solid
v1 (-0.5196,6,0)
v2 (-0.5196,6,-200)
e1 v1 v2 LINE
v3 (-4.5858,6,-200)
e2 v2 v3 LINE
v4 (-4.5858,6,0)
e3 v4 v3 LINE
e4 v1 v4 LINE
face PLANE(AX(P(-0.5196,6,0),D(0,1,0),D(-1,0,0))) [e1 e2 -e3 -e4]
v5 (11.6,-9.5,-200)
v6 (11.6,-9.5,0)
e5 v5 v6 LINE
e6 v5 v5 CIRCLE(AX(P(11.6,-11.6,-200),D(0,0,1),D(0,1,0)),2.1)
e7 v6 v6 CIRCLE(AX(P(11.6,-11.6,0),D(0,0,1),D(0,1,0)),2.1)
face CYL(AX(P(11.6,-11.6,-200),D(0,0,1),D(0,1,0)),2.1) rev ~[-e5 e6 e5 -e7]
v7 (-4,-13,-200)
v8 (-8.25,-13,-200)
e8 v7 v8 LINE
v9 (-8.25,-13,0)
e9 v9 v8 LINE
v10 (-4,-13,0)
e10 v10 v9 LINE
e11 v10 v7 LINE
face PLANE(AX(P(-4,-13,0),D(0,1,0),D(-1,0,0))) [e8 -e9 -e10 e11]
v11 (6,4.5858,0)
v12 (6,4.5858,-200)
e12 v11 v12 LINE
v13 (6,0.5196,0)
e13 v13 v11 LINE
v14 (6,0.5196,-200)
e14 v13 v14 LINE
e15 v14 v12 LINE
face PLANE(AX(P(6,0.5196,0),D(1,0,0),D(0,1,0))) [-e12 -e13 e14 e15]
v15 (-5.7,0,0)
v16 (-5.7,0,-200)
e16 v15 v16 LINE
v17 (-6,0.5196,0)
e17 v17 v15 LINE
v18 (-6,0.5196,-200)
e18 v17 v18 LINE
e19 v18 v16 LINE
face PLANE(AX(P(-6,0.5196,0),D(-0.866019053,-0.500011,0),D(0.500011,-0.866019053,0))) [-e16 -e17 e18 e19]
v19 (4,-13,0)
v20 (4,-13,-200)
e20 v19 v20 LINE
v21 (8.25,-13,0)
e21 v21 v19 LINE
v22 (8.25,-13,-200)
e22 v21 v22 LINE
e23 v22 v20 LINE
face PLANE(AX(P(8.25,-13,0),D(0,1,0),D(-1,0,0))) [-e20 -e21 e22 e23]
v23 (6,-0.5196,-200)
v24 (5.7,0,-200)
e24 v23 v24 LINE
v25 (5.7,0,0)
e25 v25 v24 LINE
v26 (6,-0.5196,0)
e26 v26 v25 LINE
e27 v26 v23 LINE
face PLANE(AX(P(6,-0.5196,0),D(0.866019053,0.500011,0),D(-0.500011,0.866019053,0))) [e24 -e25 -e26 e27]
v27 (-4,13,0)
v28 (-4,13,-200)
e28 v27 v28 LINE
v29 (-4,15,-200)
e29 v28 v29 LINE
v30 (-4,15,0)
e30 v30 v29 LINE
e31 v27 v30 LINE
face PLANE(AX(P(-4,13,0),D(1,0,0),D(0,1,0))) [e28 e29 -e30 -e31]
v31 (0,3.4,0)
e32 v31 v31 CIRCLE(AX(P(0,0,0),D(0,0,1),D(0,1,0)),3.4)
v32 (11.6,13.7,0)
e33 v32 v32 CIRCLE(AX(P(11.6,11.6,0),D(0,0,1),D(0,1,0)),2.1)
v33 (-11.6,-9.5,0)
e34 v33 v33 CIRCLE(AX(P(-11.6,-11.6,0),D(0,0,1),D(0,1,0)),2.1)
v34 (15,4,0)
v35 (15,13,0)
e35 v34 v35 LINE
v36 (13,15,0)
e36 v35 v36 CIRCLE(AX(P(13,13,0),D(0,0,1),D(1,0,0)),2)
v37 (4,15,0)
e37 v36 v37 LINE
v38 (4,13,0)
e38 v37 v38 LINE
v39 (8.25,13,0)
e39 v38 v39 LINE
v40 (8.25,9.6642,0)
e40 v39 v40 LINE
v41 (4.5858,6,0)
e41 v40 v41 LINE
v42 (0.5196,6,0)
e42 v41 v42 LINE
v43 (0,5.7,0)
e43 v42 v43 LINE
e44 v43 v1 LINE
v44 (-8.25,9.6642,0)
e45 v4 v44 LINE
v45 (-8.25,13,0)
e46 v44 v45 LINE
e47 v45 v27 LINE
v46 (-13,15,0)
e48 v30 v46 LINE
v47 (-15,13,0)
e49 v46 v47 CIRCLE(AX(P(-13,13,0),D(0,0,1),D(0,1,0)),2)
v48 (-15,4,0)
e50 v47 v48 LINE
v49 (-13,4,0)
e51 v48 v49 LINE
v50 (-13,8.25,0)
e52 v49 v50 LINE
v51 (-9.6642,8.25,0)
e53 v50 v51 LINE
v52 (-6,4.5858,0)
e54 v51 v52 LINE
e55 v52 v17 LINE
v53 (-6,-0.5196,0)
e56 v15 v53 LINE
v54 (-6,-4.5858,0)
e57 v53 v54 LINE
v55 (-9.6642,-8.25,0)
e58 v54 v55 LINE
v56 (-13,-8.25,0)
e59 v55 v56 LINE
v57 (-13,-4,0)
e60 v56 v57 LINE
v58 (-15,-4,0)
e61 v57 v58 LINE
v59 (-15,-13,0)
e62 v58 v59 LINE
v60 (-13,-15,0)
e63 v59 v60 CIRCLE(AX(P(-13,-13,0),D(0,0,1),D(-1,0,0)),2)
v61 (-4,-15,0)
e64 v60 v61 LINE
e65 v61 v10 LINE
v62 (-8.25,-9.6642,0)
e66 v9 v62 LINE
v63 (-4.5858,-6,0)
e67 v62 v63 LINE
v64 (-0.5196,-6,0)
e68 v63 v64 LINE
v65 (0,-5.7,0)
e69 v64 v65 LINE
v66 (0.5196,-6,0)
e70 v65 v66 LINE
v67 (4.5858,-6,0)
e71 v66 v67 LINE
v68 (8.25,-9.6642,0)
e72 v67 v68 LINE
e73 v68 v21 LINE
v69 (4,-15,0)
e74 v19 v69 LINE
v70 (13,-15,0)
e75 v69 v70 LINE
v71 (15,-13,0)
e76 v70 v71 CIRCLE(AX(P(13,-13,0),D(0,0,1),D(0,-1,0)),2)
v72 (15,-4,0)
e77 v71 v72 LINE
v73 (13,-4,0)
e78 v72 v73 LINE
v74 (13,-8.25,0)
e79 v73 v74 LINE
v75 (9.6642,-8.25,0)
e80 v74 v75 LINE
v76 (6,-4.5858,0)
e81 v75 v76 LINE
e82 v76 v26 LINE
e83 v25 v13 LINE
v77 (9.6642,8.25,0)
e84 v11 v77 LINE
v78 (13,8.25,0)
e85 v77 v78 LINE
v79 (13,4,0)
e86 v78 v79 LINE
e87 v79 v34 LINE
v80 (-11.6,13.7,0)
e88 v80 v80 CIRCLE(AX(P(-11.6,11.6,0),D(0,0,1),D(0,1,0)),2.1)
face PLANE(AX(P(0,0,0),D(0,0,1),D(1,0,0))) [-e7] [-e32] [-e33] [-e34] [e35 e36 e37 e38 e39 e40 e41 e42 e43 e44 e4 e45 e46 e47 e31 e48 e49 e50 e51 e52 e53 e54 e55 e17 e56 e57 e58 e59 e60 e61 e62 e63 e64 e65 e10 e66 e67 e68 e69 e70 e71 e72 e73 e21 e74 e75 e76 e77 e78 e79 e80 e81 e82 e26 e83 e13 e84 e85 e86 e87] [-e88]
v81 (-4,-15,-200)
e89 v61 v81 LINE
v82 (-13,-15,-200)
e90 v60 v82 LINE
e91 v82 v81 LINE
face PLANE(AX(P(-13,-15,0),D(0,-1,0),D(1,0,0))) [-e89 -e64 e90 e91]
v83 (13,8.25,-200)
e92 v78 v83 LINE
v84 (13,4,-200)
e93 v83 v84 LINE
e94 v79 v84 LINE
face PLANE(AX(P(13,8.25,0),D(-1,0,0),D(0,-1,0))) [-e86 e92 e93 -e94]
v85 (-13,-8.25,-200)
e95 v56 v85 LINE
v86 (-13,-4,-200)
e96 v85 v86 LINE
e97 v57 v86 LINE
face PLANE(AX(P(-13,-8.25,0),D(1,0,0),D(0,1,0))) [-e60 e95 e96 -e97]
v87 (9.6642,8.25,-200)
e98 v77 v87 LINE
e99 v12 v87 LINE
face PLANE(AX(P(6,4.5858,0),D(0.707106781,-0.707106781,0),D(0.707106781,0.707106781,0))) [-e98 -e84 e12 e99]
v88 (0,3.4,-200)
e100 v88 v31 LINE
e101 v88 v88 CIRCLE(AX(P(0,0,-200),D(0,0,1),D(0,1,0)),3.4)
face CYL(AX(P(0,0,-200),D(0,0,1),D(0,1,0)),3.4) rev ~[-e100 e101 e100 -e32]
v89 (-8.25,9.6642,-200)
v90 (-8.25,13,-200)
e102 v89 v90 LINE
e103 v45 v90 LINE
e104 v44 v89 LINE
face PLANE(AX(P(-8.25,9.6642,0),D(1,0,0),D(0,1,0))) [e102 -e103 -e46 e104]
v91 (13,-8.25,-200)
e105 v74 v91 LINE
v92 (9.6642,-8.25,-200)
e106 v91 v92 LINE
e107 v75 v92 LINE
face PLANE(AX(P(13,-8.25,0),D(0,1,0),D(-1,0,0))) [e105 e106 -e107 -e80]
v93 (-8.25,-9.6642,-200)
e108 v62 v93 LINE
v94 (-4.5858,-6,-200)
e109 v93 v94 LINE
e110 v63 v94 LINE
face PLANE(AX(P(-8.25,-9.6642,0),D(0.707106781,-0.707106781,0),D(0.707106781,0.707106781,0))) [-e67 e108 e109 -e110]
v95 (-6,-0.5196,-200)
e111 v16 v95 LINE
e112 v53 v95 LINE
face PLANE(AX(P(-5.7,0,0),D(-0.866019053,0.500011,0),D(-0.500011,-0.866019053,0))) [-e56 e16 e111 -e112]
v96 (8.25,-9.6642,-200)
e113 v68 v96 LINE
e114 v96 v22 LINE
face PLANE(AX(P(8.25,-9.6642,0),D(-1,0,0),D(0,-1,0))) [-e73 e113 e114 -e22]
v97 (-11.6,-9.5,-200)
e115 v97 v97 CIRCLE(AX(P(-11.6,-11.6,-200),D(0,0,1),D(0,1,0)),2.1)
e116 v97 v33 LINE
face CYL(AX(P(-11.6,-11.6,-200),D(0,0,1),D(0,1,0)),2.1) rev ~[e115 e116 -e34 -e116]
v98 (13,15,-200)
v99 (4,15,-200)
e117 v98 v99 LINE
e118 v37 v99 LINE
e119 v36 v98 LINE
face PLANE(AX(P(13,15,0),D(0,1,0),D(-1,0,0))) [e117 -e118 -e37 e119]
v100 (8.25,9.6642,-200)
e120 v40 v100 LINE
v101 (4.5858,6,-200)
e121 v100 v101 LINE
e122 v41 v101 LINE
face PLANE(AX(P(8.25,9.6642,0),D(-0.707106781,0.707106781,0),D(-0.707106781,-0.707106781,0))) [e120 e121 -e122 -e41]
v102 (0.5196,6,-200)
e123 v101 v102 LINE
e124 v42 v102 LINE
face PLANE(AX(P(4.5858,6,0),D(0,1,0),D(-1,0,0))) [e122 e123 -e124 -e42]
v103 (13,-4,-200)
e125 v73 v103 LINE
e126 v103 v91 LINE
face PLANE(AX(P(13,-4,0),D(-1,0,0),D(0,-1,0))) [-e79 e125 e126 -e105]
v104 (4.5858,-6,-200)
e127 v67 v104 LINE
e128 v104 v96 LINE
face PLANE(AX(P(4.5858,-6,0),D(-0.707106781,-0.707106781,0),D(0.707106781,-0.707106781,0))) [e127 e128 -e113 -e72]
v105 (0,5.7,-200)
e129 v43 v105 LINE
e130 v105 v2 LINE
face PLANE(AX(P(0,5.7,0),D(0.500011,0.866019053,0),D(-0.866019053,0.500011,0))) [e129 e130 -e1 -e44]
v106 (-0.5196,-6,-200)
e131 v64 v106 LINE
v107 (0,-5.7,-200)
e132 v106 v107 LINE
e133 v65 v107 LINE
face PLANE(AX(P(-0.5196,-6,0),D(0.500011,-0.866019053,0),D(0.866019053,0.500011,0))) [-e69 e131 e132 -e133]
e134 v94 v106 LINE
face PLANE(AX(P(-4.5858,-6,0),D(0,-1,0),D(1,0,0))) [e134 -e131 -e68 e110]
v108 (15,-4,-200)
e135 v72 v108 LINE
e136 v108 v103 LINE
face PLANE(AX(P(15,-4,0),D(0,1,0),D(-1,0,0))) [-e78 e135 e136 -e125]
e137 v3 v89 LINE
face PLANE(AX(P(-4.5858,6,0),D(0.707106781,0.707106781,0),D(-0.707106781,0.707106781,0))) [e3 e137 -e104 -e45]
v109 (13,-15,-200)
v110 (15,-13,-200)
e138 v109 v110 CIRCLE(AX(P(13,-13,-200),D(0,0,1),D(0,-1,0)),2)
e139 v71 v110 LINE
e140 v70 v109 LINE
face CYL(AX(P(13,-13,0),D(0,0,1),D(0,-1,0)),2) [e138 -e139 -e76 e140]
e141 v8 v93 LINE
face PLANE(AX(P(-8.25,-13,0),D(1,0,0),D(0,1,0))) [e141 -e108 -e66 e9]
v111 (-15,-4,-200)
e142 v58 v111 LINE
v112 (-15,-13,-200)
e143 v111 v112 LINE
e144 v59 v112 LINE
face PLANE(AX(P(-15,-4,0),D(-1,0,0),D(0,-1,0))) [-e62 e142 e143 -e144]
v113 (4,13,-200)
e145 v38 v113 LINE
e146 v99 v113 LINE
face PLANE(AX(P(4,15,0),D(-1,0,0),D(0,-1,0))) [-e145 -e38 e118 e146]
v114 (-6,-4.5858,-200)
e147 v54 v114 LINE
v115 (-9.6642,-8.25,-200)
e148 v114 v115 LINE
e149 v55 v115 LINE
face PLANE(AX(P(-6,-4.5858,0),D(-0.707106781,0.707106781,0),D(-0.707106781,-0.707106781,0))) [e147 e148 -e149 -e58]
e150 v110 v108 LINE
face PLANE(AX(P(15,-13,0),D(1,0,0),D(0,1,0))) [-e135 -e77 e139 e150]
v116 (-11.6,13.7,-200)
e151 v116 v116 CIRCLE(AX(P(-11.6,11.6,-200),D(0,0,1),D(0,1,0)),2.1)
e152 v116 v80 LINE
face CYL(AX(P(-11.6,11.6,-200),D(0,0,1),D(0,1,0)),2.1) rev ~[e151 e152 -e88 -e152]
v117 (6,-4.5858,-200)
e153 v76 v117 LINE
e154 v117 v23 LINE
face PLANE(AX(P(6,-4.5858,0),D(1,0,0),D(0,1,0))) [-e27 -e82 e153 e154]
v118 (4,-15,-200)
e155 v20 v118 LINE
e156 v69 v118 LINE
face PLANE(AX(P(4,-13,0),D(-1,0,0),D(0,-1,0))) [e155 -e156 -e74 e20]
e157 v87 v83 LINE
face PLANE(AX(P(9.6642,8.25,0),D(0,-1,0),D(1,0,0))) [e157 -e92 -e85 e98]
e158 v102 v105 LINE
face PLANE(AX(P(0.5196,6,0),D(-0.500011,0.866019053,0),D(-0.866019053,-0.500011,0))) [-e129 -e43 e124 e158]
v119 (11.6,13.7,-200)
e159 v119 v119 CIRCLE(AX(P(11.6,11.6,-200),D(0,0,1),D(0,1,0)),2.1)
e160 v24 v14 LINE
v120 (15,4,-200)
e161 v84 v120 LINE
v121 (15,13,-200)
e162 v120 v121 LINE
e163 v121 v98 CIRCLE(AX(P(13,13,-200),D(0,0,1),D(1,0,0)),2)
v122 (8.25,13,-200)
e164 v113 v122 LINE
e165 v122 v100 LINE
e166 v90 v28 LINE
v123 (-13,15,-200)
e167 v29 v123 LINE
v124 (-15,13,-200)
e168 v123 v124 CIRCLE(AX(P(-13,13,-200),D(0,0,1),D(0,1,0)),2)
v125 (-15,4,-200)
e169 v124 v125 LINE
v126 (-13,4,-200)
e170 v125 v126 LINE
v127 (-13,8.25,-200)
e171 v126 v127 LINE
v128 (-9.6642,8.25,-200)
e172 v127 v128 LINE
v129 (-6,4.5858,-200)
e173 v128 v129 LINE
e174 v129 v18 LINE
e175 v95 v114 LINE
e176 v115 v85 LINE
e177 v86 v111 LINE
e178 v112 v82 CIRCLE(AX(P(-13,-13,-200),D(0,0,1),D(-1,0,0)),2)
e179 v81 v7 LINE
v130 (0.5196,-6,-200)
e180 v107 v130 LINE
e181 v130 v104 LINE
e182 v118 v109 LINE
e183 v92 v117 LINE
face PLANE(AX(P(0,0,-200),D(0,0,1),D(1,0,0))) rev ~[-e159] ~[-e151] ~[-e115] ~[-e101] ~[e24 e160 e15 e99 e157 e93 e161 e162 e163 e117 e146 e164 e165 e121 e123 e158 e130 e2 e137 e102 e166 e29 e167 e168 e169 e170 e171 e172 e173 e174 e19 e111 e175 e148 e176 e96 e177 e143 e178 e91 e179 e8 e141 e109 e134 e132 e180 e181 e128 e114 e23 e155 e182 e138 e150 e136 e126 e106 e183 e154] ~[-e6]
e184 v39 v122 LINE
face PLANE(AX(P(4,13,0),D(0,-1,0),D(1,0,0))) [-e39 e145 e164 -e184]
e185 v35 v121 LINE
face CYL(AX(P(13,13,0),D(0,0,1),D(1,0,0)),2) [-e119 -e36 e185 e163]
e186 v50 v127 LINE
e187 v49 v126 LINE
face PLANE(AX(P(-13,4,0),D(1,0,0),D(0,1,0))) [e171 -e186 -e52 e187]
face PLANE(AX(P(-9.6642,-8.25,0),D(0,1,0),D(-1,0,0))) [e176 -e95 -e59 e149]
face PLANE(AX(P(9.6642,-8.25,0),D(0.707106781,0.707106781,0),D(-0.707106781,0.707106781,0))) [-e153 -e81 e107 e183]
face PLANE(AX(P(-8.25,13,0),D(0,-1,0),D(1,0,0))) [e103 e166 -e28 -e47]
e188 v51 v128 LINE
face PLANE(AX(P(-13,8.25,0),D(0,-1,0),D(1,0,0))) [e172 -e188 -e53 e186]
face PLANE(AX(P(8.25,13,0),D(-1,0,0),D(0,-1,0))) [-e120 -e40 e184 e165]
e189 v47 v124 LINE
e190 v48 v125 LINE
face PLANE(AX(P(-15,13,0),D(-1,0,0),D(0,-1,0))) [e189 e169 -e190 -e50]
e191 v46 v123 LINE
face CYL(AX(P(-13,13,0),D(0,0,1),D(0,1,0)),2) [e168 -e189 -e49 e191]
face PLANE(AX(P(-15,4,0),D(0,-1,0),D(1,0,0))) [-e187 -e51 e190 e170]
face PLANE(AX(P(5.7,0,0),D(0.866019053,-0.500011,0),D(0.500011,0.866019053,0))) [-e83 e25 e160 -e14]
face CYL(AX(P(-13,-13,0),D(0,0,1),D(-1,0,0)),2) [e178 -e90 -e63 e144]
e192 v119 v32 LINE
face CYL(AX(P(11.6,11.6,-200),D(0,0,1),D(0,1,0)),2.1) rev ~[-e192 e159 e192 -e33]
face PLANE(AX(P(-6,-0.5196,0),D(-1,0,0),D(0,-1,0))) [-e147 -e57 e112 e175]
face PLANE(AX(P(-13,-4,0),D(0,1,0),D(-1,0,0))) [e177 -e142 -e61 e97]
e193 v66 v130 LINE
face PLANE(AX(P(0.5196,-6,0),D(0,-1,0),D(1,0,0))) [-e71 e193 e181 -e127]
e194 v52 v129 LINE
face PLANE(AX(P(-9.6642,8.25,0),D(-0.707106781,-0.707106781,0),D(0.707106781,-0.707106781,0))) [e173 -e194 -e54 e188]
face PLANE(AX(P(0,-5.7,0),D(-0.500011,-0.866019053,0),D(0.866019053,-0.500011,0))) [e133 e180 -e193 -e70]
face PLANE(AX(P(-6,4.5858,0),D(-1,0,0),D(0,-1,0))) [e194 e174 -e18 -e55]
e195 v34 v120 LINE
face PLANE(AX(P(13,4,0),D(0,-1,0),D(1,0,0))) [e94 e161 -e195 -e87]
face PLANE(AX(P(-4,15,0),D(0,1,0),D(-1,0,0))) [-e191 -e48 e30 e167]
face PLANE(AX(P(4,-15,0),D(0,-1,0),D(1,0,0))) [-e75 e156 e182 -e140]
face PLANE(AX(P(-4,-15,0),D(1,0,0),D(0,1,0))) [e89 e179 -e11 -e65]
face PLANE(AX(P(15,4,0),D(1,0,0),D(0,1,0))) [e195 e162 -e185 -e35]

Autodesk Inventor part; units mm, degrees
sketch "Sketch_1" plane through (0, 0, 0) normal (0, 0, 1) x (1, 0, 0)
  line L0 (-15, 4) -> (-13, 4)
  line L1 (-13, 4) -> (-13, 8.25)
  line L2 (-13, 8.25) -> (-9.6642, 8.25)
  line L3 (-9.6642, 8.25) -> (-6, 4.5858)
  line L4 (-6, 4.5858) -> (-6, 0.5196)
  line L5 (-6, 0.5196) -> (-5.7, 0)
  line L6 (-5.7, 0) -> (-6, -0.5196)
  line L7 (-6, -0.5196) -> (-6, -4.5858)
  line L8 (-6, -4.5858) -> (-9.6642, -8.25)
  line L9 (-9.6642, -8.25) -> (-13, -8.25)
  line L10 (-13, -8.25) -> (-13, -4)
  line L11 (-13, -4) -> (-15, -4)
  line L12 (-15, -4) -> (-15, -13)
  arc A0 (-15, -13) -> (-13, -15) centre (-13, -13) ccw
  line L13 (-13, -15) -> (-4, -15)
  line L14 (-4, -15) -> (-4, -13)
  line L15 (-4, -13) -> (-8.25, -13)
  line L16 (-8.25, -13) -> (-8.25, -9.6642)
  line L17 (-8.25, -9.6642) -> (-4.5858, -6)
  line L18 (-4.5858, -6) -> (-0.5196, -6)
  line L19 (-0.5196, -6) -> (0, -5.7)
  line L20 (0, -5.7) -> (0.5196, -6)
  line L21 (0.5196, -6) -> (4.5858, -6)
  line L22 (4.5858, -6) -> (8.25, -9.6642)
  line L23 (8.25, -9.6642) -> (8.25, -13)
  line L24 (8.25, -13) -> (4, -13)
  line L25 (4, -13) -> (4, -15)
  line L26 (4, -15) -> (13, -15)
  arc A1 (13, -15) -> (15, -13) centre (13, -13) ccw
  line L27 (15, -13) -> (15, -4)
  line L28 (15, -4) -> (13, -4)
  line L29 (13, -4) -> (13, -8.25)
  line L30 (13, -8.25) -> (9.6642, -8.25)
  line L31 (9.6642, -8.25) -> (6, -4.5858)
  line L32 (6, -4.5858) -> (6, -0.5196)
  line L33 (6, -0.5196) -> (5.7, 0)
  line L34 (5.7, 0) -> (6, 0.5196)
  line L35 (6, 0.5196) -> (6, 4.5858)
  line L36 (6, 4.5858) -> (9.6642, 8.25)
  line L37 (9.6642, 8.25) -> (13, 8.25)
  line L38 (13, 8.25) -> (13, 4)
  line L39 (13, 4) -> (15, 4)
  line L40 (15, 4) -> (15, 13)
  arc A2 (15, 13) -> (13, 15) centre (13, 13) ccw
  line L41 (13, 15) -> (4, 15)
  line L42 (4, 15) -> (4, 13)
  line L43 (4, 13) -> (8.25, 13)
  line L44 (8.25, 13) -> (8.25, 9.6642)
  line L45 (8.25, 9.6642) -> (4.5858, 6)
  line L46 (4.5858, 6) -> (0.5196, 6)
  line L47 (0.5196, 6) -> (0, 5.7)
  line L48 (0, 5.7) -> (-0.5196, 6)
  line L49 (-0.5196, 6) -> (-4.5858, 6)
  line L50 (-4.5858, 6) -> (-8.25, 9.6642)
  line L51 (-8.25, 9.6642) -> (-8.25, 13)
  line L52 (-8.25, 13) -> (-4, 13)
  line L53 (-4, 13) -> (-4, 15)
  line L54 (-4, 15) -> (-13, 15)
  arc A3 (-13, 15) -> (-15, 13) centre (-13, 13) ccw
  line L55 (-15, 13) -> (-15, 4)
extrude "Extrusion1" add sketch "Sketch_1" against normal blind 200
sketch "Sketch2" plane through (0, 0, -200) normal (0, 0, -1) x (-1, 0, 0)
  point P0 (0, 0)
hole "Hole1" at (0, 0, -200) direction (0, 0, 1) diameter 6.8 depth 200
sketch "Sketch3" plane through (0, 0, -200) normal (0, 0, -1) x (-1, 0, 0)
  point P0 (-11.6, 11.6)
hole "Hole2" at (11.6, 11.6, -200) direction (0, 0, 1) diameter 4.2 depth 200
pattern_linear "Rectangular Pattern1" count 2 spacing 23.2 along (-1, 0, 0) count 2 spacing 23.2 along (0, -1, 0) of "Hole2"
ref_plane "C1_XY" through (0, 0, 0) normal (0, 0, 1) x (1, 0, 0)
ref_plane "C1_YZ" through (0, 0, 0) normal (1, 0, 0) x (0, 1, 0)
ref_plane "C1_ZX" through (0, 0, 0) normal (0, 1, 0) x (0, 0, 1)
ref_plane "to_frame_cap1_XY" through (0, 0, 0) normal (0, 0, 1) x (1, 0, 0)
ref_plane "to_frame_cap1_YZ" through (0, 0, 0) normal (1, 0, 0) x (0, 1, 0)
ref_plane "to_frame_cap1_ZX" through (0, 0, 0) normal (0, 1, 0) x (0, 0, 1)
ref_plane "to_frame_cap2_XY" through (0, 0, -200) normal (0, 0, -1) x (1, 0, 0)
ref_plane "to_frame_cap2_YZ" through (0, 0, -200) normal (1, 0, 0) x (0, -1, 0)
ref_plane "to_frame_cap2_ZX" through (0, 0, -200) normal (0, -1, 0) x (0, 0, -1)
properties part number "HFS6-3030-200"
